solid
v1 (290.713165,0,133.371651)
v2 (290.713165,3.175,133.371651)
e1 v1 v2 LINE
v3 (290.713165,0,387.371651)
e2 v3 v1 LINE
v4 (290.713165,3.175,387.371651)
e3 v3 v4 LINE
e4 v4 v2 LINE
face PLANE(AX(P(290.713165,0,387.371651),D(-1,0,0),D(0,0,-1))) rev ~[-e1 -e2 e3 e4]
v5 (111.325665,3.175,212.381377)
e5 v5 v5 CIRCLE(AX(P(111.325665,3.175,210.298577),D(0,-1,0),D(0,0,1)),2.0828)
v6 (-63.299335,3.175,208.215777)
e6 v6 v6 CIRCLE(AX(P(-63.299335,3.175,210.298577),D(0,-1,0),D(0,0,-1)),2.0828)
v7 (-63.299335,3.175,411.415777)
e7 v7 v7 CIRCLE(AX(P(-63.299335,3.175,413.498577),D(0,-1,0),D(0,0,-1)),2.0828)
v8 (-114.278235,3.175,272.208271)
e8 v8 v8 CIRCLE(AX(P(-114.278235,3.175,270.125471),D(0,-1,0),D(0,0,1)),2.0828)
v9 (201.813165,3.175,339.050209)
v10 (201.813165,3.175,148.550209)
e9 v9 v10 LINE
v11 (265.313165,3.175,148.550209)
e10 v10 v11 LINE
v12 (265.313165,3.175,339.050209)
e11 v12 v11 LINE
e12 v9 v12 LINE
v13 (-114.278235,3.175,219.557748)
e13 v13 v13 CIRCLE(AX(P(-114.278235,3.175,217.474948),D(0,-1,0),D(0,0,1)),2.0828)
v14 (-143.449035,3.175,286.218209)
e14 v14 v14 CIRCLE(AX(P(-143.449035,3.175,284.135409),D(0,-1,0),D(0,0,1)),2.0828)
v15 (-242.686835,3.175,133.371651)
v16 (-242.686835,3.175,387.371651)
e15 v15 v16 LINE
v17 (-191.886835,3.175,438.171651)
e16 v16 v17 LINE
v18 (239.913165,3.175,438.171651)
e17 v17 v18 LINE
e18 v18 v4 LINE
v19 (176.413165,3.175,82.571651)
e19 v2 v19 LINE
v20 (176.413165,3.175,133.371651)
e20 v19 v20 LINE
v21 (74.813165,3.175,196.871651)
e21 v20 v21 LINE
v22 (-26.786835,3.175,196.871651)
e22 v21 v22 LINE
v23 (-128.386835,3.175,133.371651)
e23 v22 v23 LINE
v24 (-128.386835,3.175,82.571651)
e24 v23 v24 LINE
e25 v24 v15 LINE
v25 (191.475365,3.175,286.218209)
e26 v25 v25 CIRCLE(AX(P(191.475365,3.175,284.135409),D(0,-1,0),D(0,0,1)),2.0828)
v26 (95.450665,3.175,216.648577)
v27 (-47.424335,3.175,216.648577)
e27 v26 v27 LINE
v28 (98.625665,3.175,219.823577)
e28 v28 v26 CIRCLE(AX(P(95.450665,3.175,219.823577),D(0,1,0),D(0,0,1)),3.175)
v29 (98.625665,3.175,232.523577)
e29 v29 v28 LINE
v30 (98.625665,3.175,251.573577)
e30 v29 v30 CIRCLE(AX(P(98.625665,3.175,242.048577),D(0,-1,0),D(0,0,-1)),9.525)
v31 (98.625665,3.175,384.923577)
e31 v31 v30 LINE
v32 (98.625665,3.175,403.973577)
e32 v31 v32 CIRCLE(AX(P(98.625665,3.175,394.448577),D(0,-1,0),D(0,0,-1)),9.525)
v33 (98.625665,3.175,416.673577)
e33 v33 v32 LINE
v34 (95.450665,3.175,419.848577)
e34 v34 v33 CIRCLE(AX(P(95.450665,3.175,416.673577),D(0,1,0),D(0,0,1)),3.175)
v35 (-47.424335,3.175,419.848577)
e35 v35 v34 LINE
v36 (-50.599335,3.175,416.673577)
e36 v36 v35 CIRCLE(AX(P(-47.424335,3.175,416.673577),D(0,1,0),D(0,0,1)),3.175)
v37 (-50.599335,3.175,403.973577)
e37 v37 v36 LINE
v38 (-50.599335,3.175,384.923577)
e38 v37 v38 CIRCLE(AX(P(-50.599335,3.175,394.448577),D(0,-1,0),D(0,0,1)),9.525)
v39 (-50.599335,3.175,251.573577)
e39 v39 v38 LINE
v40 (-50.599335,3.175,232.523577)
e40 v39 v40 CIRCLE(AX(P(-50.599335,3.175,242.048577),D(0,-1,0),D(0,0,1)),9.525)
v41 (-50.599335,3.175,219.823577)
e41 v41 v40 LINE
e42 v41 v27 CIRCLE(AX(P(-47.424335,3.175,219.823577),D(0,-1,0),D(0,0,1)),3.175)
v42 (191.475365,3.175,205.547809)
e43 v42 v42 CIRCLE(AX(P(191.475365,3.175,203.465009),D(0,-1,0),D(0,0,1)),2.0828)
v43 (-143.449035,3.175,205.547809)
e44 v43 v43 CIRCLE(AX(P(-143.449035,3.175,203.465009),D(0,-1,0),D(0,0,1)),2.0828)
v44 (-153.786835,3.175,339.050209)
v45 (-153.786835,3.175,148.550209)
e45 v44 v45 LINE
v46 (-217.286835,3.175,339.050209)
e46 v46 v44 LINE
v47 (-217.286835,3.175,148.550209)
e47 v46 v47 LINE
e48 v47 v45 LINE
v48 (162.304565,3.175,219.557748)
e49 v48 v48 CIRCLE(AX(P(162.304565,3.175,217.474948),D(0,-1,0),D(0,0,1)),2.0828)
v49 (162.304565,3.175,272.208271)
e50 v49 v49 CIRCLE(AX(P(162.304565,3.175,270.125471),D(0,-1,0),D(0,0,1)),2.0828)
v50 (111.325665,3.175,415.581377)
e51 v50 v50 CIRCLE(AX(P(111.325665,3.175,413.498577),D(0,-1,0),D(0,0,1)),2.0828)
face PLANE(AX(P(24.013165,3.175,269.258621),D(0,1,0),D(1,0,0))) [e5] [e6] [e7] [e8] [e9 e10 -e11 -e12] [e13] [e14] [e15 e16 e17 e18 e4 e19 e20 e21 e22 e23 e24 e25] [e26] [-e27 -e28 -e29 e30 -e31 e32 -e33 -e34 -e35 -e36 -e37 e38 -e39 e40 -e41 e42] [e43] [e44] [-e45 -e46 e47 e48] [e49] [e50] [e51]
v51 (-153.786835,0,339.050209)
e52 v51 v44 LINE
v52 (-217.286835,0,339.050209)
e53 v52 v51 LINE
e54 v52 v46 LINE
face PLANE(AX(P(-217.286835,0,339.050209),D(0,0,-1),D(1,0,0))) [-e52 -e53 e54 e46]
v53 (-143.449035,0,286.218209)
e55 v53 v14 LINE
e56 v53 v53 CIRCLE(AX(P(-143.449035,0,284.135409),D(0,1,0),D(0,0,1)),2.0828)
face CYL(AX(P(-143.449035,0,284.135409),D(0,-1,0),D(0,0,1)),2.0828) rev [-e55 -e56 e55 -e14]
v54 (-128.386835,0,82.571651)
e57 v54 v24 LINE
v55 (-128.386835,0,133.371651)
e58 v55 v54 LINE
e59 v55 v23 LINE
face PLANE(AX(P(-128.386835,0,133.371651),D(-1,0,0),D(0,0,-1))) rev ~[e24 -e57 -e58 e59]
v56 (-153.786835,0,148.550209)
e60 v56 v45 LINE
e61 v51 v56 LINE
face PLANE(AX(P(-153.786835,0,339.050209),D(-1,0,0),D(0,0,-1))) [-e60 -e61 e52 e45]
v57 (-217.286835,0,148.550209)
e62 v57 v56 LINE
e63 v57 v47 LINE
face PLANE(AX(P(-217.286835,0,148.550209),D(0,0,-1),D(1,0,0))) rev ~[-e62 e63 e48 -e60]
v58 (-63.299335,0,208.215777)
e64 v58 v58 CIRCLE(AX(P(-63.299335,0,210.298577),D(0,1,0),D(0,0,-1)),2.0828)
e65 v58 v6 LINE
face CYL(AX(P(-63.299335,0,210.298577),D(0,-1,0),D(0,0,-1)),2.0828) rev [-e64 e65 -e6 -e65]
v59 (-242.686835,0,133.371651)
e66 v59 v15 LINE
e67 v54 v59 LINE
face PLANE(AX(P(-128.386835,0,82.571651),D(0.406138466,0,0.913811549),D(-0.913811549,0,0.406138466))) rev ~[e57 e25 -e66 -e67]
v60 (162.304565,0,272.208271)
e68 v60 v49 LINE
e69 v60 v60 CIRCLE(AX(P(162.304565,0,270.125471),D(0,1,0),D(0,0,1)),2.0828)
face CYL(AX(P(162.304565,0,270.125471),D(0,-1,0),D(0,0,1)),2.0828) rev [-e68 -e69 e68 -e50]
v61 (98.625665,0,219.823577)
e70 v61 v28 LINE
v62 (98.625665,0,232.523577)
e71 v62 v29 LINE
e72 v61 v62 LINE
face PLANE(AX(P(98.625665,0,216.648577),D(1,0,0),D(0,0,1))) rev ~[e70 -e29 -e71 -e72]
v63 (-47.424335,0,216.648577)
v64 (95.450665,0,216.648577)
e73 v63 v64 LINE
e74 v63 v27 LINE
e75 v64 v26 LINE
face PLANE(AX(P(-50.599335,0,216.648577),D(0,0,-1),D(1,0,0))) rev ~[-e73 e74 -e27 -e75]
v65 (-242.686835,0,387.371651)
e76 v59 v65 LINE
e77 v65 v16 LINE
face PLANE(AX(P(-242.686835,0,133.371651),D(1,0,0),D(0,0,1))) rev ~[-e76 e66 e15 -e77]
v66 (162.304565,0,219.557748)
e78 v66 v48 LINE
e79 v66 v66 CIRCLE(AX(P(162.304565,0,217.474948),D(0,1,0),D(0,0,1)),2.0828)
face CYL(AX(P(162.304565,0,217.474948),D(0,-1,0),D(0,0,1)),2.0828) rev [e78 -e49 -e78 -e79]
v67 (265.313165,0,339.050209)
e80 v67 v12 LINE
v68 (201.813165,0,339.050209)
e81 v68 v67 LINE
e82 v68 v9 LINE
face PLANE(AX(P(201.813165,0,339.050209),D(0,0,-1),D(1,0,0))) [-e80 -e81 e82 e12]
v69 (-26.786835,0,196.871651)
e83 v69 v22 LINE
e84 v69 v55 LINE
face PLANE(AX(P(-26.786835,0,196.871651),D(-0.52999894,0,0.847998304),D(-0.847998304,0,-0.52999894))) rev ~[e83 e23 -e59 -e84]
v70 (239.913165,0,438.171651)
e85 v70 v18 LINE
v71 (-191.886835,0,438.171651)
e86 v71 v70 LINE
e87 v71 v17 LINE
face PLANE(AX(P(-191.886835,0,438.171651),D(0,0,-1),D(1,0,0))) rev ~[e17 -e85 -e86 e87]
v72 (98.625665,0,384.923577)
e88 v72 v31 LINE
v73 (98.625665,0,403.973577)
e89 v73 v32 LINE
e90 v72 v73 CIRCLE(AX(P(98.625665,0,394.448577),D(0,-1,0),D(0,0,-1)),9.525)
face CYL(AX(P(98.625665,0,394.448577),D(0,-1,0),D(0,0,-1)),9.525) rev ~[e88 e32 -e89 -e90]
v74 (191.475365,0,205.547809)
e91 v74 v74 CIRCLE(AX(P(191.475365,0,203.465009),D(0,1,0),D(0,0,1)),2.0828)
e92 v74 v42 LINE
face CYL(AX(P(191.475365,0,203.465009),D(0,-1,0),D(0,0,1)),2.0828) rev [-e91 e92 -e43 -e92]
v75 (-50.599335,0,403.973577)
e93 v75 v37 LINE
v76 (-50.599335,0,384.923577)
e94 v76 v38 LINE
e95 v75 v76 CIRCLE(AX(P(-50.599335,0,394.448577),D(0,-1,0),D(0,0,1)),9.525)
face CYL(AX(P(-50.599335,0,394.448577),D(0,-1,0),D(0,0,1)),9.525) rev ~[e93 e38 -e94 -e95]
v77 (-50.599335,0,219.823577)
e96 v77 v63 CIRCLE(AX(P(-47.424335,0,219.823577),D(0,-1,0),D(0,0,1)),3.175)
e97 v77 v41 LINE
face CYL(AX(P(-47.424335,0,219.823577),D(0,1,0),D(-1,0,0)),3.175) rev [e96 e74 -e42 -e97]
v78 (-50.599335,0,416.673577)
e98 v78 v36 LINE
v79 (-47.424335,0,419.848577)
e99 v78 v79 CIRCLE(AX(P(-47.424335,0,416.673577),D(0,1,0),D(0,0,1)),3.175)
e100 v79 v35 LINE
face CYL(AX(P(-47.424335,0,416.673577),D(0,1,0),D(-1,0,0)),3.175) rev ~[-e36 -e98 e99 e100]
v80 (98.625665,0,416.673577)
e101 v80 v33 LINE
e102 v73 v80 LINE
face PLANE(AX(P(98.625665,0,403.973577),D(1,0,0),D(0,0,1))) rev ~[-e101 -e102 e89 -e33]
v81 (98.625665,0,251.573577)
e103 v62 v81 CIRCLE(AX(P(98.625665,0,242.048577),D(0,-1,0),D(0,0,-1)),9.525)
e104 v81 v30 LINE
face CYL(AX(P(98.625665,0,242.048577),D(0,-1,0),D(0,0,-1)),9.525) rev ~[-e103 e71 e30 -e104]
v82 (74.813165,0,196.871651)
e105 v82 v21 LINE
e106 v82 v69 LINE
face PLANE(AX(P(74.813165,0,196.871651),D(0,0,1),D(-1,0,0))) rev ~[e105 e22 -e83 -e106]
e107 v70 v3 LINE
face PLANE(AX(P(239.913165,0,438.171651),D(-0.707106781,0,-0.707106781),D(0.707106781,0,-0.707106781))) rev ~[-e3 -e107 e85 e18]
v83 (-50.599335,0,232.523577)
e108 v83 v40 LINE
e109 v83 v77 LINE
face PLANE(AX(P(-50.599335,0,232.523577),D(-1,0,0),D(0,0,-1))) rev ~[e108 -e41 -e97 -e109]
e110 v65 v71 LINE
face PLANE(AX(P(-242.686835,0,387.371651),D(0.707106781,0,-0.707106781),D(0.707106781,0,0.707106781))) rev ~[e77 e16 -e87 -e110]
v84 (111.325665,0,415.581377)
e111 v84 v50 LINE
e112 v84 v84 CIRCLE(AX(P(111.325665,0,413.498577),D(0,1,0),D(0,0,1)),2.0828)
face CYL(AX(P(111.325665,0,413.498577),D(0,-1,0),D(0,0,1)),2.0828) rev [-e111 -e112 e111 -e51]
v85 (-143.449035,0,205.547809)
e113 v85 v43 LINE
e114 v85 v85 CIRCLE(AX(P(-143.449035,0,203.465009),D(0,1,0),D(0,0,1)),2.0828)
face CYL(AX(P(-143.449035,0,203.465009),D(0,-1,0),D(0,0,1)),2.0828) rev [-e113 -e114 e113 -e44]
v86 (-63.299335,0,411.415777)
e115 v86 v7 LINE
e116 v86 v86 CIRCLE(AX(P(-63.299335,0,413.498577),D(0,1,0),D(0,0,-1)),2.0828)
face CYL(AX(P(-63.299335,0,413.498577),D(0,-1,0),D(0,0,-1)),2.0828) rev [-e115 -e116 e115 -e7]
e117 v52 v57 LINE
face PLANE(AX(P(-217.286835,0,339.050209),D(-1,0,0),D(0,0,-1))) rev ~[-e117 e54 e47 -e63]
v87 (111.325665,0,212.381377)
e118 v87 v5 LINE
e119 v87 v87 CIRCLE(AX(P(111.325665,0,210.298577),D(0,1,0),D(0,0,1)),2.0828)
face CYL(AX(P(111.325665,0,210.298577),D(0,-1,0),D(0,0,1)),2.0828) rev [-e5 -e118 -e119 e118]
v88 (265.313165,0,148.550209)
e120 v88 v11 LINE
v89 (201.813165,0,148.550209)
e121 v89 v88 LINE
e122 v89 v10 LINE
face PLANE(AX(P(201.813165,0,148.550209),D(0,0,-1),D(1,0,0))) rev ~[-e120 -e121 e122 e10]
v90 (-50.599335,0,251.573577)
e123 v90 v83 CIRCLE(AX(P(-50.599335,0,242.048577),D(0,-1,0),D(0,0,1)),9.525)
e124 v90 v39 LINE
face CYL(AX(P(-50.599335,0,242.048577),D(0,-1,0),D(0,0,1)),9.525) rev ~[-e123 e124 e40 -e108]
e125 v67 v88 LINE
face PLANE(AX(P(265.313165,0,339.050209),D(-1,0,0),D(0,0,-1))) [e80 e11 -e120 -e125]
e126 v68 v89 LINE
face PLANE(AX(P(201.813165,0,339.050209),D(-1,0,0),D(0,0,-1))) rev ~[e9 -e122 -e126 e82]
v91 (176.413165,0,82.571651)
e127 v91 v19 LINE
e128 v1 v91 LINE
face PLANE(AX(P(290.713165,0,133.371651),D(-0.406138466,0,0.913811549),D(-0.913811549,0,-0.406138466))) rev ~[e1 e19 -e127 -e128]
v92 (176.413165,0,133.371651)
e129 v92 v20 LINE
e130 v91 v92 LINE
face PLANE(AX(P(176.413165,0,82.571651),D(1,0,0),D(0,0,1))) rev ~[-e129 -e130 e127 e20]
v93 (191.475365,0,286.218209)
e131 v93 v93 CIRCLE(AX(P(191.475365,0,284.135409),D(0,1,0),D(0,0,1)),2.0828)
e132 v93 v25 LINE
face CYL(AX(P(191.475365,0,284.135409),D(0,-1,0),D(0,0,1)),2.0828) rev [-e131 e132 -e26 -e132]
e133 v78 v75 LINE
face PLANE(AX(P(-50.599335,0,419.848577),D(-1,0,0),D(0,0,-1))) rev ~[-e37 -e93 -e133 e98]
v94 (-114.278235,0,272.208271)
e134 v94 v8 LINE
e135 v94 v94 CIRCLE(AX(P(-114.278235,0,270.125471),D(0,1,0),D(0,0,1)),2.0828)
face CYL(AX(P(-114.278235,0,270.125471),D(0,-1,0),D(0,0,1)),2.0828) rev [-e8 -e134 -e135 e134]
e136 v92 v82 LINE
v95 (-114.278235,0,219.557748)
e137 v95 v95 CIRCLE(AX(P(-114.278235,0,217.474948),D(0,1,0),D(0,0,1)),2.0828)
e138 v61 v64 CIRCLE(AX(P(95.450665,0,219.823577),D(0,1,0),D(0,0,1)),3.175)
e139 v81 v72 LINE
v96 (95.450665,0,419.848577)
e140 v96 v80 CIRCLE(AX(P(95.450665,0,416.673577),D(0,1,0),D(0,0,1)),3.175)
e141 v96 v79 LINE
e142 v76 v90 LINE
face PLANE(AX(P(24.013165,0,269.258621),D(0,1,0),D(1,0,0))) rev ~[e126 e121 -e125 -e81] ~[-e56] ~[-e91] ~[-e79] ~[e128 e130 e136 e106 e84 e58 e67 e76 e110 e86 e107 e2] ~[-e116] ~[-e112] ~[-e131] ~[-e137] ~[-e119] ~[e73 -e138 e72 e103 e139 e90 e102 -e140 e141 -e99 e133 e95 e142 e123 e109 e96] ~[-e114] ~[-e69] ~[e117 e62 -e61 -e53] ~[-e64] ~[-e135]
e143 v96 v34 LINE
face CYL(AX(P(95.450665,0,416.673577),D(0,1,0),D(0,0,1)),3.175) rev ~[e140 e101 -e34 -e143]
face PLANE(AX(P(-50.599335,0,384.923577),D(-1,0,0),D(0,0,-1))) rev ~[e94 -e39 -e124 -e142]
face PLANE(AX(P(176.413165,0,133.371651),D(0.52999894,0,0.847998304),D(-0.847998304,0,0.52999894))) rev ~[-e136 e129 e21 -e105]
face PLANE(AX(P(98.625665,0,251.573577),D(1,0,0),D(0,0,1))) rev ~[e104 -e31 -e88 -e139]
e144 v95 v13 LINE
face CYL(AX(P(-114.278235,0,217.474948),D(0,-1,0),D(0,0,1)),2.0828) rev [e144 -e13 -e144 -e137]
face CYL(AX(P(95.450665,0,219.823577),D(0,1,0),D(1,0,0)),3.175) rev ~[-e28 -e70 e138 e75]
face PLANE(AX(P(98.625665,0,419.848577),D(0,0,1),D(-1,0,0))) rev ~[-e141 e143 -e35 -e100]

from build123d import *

# Parameters (mm, degrees)
SKETCH1_W           = 63.5
SKETCH1_H           = 190.5
BOSS_EXTRUDE1_DEPTH = 3.175
SKETCH3_R           = 2.0828
CUT_EXTRUDE2_DEPTH  = 526.850378691
SKETCH4_R           = 2.0828
CUT_EXTRUDE4_DEPTH  = 526.850378691
FILLET2_R           = 3.175


with BuildPart() as part:
    # Sketch1 → Boss-Extrude1 (new body)
    with BuildSketch(Plane(origin=(0, 0, 0), x_dir=(1, 0, 0), z_dir=(0, 1, 0))):
        Polygon((-242.686835374, -133.432512515), (-242.686835374, -385.491221995), (-242.686835374, -387.371651362), (-191.886835374, -438.171651362), (239.913164626, -438.171651362), (290.713164626, -387.371651362), (290.713164626, -133.371651362), (176.413164626, -82.571651362), (176.413164626, -133.371651362), (74.813164626, -196.871651362), (-26.786835374, -196.871651362), (-128.386835374, -133.371651362), (-128.386835374, -82.571651362), (-242.686835374, -133.371651362), align=None)
        with Locations((233.563164626, -243.80020948)):
            Rectangle(SKETCH1_W, SKETCH1_H, mode=Mode.SUBTRACT)
        with Locations((-185.536835374, -243.80020948)):
            Rectangle(SKETCH1_W, SKETCH1_H, mode=Mode.SUBTRACT)
    extrude(amount=BOSS_EXTRUDE1_DEPTH)

    # Sketch3 → Cut-Extrude2 (cut, through all)
    with BuildSketch(Plane(origin=(0, 0, 0), x_dir=(1, 0, 0), z_dir=(0, 1, 0))):
        with Locations(Location((-114.278235374, -270.125471314, 0), (0, 0, 270))):
            Circle(SKETCH3_R)
        with Locations(Location((-143.449035374, -284.13540948, 0), (0, 0, 270))):
            Circle(SKETCH3_R)
        with Locations(Location((-114.278235374, -217.474947647, 0), (0, 0, 270))):
            Circle(SKETCH3_R)
        with Locations(Location((-143.449035374, -203.46500948, 0), (0, 0, 270))):
            Circle(SKETCH3_R)
        with Locations(Location((191.475364626, -284.13540948, 0), (0, 0, 270))):
            Circle(SKETCH3_R)
        with Locations(Location((162.304564626, -270.125471314, 0), (0, 0, 270))):
            Circle(SKETCH3_R)
        with Locations(Location((162.304564626, -217.474947647, 0), (0, 0, 270))):
            Circle(SKETCH3_R)
        with Locations(Location((191.475364626, -203.46500948, 0), (0, 0, 270))):
            Circle(SKETCH3_R)
    extrude(amount=CUT_EXTRUDE2_DEPTH, mode=Mode.SUBTRACT)

    # Sketch4 → Cut-Extrude4 (cut, through all)
    with BuildSketch(Plane(origin=(0, 0, 0), x_dir=(1, 0, 0), z_dir=(0, 1, 0))):
        with Locations(Location((111.325664626, -210.298576853, 0), (0, 0, 270))):
            Circle(SKETCH4_R)
        with Locations(Location((111.325664626, -413.498576853, 0), (0, 0, 270))):
            Circle(SKETCH4_R)
        with Locations(Location((-63.299335374, -413.498576853, 0), (0, 0, 90))):
            Circle(SKETCH4_R)
        with Locations(Location((-63.299335374, -210.298576853, 0), (0, 0, 90))):
            Circle(SKETCH4_R)
        with BuildLine():
            Line((-50.599335374, -216.648576853), (98.625664626, -216.648576853))
            Line((98.625664626, -216.648576853), (98.625664626, -232.523576853))
            ThreePointArc((98.625664626, -232.523576853), (108.150664626, -242.048576853), (98.625664626, -251.573576853))
            Line((98.625664626, -251.573576853), (98.625664626, -384.923576853))
            ThreePointArc((98.625664626, -384.923576853), (108.150664626, -394.448576853), (98.625664626, -403.973576853))
            Line((98.625664626, -403.973576853), (98.625664626, -419.848576853))
            Line((98.625664626, -419.848576853), (-50.599335374, -419.848576853))
            Line((-50.599335374, -419.848576853), (-50.599335374, -403.973576853))
            ThreePointArc((-50.599335374, -403.973576853), (-60.124335374, -394.448576853), (-50.599335374, -384.923576853))
            Line((-50.599335374, -384.923576853), (-50.599335374, -251.573576853))
            ThreePointArc((-50.599335374, -251.573576853), (-60.124335374, -242.048576853), (-50.599335374, -232.523576853))
            Line((-50.599335374, -232.523576853), (-50.599335374, -216.648576853))
        make_face()
    extrude(amount=CUT_EXTRUDE4_DEPTH, mode=Mode.SUBTRACT)

    # Fillet2
    fillet2_edges = [part.edges().sort_by_distance(p)[0] for p in [
        (98.625664626, 1.5875, 419.848576853),
        (98.625664626, 1.5875, 216.648576853),
        (-50.599335374, 1.5875, 216.648576853),
        (-50.599335374, 1.5875, 419.848576853),
    ]]
    fillet(fillet2_edges, radius=FILLET2_R)


solid = part.part
